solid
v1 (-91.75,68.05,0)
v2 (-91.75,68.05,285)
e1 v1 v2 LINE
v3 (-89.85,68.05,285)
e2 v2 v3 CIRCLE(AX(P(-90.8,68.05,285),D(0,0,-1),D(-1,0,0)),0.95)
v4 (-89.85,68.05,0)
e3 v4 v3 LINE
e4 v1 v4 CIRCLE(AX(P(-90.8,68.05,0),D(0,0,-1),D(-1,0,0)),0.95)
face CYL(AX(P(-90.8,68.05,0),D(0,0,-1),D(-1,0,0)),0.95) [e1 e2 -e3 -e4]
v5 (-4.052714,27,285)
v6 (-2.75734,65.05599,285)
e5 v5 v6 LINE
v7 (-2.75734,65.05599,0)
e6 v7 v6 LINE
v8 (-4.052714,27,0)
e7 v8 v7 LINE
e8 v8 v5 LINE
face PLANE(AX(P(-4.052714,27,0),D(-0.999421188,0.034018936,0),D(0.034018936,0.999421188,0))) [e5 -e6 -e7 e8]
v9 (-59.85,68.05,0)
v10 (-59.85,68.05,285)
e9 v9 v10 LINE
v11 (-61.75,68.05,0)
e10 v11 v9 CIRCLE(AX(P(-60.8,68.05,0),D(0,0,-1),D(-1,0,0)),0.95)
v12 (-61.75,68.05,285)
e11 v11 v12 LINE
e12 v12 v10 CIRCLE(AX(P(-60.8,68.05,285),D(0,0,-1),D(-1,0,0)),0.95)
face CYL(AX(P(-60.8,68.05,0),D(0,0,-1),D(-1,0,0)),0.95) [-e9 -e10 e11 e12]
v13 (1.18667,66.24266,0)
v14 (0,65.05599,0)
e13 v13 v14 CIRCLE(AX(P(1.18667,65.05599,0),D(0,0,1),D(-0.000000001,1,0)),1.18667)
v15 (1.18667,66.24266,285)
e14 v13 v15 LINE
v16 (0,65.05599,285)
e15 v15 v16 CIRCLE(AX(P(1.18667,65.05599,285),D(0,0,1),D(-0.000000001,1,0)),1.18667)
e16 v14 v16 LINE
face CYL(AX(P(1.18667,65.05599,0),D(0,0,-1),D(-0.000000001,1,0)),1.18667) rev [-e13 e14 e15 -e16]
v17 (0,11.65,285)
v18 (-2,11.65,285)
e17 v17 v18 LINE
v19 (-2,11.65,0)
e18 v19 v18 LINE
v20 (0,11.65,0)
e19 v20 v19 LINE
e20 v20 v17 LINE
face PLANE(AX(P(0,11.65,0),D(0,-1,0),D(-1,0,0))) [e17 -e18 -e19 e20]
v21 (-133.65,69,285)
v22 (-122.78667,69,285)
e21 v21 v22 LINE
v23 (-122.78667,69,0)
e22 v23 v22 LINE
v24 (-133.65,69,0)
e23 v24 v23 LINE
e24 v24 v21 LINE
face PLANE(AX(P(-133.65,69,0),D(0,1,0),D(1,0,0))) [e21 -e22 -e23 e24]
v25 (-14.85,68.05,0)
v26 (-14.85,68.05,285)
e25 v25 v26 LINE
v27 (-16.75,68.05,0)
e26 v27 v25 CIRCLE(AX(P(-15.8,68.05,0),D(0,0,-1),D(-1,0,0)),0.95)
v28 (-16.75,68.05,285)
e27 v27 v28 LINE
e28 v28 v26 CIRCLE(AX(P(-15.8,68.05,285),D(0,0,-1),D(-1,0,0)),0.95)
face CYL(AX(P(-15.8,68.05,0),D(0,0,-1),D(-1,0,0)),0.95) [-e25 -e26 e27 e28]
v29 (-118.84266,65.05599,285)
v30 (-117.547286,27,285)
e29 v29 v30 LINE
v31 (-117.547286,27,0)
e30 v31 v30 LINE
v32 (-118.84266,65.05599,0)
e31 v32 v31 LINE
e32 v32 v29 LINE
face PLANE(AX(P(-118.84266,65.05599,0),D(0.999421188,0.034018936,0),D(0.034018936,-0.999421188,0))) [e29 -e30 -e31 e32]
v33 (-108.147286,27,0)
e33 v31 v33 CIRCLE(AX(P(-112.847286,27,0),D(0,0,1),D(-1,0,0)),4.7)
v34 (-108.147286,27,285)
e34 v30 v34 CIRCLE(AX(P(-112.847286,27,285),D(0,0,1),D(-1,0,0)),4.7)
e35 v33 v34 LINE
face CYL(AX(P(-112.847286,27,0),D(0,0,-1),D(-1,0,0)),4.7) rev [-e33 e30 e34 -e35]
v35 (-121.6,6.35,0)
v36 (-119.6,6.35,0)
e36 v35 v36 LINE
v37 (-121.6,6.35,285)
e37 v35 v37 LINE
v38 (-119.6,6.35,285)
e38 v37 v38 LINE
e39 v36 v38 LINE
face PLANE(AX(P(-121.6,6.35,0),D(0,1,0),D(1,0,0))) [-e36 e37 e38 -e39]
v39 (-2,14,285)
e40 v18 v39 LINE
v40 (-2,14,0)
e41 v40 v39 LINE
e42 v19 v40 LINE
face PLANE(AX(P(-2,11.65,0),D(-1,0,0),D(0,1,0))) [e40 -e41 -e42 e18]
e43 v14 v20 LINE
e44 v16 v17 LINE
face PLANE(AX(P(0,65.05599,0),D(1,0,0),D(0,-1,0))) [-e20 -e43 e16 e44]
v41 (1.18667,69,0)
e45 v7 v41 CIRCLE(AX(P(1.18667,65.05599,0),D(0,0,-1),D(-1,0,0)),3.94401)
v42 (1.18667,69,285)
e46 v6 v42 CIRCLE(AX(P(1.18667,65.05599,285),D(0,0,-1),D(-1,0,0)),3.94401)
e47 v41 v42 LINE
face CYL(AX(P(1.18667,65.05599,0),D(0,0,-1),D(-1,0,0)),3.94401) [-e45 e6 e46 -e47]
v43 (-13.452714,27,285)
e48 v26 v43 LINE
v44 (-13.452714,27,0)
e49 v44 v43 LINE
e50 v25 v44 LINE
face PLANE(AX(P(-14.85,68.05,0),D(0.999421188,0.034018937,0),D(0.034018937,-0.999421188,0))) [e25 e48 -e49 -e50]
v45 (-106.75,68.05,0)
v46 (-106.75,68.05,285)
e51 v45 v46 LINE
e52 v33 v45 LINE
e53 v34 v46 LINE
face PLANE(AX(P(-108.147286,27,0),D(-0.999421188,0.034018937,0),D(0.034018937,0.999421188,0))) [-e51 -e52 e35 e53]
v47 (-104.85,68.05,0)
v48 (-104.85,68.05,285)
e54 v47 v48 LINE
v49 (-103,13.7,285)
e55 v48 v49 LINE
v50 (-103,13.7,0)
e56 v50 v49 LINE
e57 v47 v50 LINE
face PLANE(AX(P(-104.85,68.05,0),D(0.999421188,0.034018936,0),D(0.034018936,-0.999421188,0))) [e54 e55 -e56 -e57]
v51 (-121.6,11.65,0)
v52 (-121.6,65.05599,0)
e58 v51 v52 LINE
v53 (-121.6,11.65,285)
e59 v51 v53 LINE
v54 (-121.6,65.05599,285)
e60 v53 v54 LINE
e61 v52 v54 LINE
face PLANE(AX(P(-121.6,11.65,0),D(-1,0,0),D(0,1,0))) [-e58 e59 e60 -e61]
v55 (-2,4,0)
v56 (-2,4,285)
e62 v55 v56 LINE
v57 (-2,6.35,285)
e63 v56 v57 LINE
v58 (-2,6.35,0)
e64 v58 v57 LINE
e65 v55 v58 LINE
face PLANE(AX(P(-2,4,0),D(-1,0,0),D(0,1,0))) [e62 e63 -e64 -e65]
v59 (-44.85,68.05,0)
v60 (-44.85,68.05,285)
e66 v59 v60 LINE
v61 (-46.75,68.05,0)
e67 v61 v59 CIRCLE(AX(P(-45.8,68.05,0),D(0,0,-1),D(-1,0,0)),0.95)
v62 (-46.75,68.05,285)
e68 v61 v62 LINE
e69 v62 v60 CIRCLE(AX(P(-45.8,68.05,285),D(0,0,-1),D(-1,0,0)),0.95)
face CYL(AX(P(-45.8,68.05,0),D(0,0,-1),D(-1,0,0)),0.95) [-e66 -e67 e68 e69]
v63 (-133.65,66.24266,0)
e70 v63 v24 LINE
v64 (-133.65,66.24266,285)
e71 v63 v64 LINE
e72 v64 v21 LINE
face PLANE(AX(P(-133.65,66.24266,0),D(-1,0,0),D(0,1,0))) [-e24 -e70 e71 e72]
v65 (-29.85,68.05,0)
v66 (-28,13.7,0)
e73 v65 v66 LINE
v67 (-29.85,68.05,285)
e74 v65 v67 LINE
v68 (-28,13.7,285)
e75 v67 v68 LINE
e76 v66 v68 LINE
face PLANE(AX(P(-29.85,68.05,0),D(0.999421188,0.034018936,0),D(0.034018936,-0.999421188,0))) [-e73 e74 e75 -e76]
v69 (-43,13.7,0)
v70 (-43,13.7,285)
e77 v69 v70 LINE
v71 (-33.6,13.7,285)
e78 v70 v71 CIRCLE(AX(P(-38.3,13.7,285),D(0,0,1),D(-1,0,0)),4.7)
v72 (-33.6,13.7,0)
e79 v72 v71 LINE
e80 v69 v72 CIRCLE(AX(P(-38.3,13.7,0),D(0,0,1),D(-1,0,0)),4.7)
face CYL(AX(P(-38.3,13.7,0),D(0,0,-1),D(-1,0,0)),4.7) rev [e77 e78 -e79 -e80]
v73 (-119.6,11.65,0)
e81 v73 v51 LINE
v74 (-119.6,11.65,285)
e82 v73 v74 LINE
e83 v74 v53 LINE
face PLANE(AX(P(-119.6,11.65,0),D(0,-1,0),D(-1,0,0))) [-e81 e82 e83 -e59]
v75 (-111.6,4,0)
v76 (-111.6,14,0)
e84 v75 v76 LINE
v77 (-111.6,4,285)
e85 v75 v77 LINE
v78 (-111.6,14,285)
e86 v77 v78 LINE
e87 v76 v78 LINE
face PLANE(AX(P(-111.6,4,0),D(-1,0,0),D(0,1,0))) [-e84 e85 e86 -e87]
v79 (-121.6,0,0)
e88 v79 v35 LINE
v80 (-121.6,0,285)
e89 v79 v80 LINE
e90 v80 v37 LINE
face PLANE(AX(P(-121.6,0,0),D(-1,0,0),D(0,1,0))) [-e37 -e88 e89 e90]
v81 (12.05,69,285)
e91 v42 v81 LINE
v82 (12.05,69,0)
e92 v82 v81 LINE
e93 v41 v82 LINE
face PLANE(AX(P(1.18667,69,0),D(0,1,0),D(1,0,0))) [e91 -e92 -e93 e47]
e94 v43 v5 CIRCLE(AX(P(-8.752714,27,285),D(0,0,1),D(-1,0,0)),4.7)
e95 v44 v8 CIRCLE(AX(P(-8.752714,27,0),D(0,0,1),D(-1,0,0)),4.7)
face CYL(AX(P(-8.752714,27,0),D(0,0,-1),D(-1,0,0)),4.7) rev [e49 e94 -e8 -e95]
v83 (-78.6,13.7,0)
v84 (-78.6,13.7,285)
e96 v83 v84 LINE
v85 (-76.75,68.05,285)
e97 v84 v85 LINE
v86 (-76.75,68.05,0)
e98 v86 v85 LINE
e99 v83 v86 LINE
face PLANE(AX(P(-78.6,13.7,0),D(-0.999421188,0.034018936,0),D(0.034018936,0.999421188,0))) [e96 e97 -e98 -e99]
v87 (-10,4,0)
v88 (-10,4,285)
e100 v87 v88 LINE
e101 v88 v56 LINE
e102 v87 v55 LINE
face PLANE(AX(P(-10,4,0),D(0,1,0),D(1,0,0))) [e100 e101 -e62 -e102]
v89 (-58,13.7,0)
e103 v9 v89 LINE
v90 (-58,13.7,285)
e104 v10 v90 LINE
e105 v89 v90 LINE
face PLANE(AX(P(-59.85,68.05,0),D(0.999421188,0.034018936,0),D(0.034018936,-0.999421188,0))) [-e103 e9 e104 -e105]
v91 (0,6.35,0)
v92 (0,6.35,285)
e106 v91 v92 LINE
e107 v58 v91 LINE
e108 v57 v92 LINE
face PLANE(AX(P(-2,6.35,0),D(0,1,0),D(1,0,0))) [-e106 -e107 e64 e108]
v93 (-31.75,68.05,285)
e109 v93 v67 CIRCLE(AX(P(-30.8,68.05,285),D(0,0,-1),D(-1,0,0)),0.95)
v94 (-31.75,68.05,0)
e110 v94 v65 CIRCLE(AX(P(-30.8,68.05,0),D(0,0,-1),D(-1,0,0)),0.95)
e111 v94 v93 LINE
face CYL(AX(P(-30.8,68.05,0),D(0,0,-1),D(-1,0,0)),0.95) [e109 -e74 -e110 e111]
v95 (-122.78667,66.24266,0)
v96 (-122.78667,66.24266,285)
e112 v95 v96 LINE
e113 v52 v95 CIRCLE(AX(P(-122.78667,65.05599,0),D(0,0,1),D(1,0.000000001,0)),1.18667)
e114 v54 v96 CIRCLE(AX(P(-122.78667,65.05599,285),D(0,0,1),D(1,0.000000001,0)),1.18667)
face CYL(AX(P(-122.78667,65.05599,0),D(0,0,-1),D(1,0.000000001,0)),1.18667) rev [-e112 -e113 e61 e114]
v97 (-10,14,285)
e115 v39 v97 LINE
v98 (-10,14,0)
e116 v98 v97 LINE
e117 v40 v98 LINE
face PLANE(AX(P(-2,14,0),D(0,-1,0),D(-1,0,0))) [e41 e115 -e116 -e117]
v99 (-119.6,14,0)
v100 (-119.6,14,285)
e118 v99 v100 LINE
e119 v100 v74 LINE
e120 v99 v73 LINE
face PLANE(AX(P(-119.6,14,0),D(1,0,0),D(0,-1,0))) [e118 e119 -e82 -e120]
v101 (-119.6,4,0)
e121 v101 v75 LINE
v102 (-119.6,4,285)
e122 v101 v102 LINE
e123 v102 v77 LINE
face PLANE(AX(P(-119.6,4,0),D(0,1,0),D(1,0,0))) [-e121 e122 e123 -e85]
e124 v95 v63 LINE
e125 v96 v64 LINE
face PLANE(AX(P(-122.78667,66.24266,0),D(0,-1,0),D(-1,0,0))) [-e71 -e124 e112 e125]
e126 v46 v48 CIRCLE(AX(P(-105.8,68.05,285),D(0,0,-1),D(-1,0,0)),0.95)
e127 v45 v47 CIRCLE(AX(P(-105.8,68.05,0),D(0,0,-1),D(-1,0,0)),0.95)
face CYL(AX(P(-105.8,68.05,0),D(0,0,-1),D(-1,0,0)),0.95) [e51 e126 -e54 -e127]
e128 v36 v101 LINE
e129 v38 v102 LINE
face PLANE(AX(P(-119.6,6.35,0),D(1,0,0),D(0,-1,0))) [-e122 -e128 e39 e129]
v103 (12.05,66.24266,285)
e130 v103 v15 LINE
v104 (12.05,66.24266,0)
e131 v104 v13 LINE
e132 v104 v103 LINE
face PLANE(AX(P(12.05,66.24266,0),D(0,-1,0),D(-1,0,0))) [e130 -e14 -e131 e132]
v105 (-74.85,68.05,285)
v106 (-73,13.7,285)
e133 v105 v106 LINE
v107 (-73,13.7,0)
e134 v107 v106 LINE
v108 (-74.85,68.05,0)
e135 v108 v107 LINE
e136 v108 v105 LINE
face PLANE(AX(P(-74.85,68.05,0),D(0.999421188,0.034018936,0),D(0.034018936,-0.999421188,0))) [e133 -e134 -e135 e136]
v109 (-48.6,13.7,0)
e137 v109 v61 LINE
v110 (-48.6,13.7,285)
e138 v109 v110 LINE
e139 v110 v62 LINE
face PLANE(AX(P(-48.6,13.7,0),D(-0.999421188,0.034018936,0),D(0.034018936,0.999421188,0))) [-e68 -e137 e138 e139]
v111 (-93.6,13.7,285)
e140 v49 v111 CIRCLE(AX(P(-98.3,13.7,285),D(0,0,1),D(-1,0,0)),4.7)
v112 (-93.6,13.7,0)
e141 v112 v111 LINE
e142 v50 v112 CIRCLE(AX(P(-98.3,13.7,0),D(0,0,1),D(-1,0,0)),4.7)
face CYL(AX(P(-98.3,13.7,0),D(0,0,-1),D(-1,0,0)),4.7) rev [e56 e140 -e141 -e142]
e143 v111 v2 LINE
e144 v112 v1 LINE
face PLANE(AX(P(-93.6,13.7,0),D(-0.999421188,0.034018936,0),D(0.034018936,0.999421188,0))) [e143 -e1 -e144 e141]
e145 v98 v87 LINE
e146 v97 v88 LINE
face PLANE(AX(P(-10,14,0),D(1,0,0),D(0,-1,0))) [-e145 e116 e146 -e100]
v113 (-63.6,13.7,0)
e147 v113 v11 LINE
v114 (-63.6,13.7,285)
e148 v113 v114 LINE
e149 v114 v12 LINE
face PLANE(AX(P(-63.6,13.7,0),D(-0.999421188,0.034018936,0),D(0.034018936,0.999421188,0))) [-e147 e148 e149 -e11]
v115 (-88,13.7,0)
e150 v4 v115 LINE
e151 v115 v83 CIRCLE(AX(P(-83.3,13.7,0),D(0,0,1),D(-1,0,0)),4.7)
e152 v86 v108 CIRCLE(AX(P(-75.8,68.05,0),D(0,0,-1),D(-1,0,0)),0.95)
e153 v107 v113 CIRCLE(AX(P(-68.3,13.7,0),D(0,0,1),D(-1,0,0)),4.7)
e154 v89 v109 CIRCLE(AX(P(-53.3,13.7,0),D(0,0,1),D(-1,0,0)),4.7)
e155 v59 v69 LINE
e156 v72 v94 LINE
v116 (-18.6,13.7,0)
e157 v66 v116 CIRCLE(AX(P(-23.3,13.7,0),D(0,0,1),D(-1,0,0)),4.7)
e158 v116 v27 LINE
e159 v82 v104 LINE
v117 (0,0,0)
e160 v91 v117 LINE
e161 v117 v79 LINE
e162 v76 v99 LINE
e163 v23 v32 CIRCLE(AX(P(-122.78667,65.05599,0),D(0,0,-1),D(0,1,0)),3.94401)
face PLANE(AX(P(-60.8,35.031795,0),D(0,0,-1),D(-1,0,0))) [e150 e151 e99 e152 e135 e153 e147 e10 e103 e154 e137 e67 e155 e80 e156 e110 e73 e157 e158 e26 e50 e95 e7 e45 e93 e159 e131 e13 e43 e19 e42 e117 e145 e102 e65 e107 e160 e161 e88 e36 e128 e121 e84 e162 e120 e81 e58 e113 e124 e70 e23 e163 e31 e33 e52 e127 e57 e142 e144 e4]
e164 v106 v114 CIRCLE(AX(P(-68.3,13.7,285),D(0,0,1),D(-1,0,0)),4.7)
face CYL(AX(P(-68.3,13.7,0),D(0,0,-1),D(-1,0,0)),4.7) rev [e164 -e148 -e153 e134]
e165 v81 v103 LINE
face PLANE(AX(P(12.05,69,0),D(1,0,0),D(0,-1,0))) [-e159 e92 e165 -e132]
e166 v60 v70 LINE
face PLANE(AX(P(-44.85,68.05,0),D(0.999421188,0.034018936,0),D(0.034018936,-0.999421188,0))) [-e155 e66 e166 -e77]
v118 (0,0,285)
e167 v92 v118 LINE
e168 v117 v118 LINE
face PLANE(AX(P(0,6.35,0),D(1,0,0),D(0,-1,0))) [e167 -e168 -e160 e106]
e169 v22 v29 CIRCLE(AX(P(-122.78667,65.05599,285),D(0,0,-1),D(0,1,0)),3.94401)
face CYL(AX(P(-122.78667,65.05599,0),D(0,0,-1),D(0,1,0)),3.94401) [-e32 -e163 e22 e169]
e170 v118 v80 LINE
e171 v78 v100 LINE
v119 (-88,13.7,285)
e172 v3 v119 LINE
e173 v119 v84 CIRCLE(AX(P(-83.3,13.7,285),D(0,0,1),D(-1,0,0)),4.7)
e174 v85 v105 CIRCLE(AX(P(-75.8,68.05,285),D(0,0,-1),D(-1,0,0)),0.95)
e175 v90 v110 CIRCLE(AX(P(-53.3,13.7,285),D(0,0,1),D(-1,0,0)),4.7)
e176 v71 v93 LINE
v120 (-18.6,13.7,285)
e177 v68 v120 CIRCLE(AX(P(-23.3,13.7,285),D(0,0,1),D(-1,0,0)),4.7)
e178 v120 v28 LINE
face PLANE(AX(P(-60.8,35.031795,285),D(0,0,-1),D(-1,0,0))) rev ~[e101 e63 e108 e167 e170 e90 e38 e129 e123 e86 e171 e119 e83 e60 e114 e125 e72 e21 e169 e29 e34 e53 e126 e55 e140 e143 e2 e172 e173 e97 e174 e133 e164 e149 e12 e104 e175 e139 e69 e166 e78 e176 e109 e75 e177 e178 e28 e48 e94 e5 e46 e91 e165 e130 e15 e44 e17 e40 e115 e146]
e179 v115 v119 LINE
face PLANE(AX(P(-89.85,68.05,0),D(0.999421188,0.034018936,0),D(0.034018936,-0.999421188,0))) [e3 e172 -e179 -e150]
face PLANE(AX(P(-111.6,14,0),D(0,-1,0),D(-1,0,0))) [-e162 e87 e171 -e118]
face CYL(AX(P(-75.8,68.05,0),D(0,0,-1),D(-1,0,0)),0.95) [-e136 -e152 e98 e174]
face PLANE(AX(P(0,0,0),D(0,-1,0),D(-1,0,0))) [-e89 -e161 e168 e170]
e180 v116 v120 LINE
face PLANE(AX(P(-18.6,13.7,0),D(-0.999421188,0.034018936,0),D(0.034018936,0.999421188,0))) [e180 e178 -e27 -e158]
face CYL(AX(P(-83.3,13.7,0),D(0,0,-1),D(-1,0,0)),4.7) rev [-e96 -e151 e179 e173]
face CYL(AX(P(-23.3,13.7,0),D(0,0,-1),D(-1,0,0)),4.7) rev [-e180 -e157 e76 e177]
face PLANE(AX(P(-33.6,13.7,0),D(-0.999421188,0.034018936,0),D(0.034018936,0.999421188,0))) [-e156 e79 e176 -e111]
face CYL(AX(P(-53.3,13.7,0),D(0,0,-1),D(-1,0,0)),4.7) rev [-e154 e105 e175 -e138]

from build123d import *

# Parameters (mm, degrees)
RESSALTO_EXTRUS_O1_DEPTH = 285


with BuildPart() as part:
    # Esboço1 → Ressalto-extrusão1 (new body)
    with BuildSketch(Plane.XY):
        with BuildLine():
            Line((0, 0), (-121.6, 0))
            Line((-121.6, 0), (-121.6, 6.35))
            Line((-121.6, 6.35), (-119.6, 6.35))
            Line((-119.6, 6.35), (-119.6, 4))
            Line((-119.6, 4), (-111.6, 4))
            Line((-111.6, 4), (-111.6, 14))
            Line((-111.6, 14), (-119.6, 14))
            Line((-119.6, 14), (-119.6, 11.65))
            Line((-119.6, 11.65), (-121.6, 11.65))
            Line((-121.6, 11.65), (-121.6, 65.055990081))
            ThreePointArc((-121.6, 65.055990081), (-121.94756763, 65.895092566), (-122.786670115, 66.242660196))
            Line((-122.786670115, 66.242660196), (-133.65, 66.242660196))
            Line((-133.65, 66.242660196), (-133.65, 69))
            Line((-133.65, 69), (-122.786670115, 69))
            ThreePointArc((-122.786670115, 69), (-119.997833956, 67.84482624), (-118.842660196, 65.055990081))
            Line((-118.842660196, 65.055990081), (-117.547286109, 27))
            ThreePointArc((-117.547286109, 27), (-112.847286109, 22.3), (-108.147286109, 27))
            Line((-108.147286109, 27), (-106.75, 68.05))
            ThreePointArc((-106.75, 68.05), (-105.8, 69), (-104.85, 68.05))
            Line((-104.85, 68.05), (-103, 13.7))
            ThreePointArc((-103, 13.7), (-98.3, 9), (-93.6, 13.7))
            Line((-93.6, 13.7), (-91.75, 68.05))
            ThreePointArc((-91.75, 68.05), (-90.8, 69), (-89.85, 68.05))
            Line((-89.85, 68.05), (-88, 13.7))
            ThreePointArc((-88, 13.7), (-83.3, 9), (-78.6, 13.7))
            Line((-78.6, 13.7), (-76.75, 68.05))
            ThreePointArc((-76.75, 68.05), (-75.8, 69), (-74.85, 68.05))
            Line((-74.85, 68.05), (-73, 13.7))
            ThreePointArc((-73, 13.7), (-68.3, 9), (-63.6, 13.7))
            Line((-63.6, 13.7), (-61.75, 68.05))
            ThreePointArc((-61.75, 68.05), (-60.8, 69), (-59.85, 68.05))
            Line((-59.85, 68.05), (-58, 13.7))
            ThreePointArc((-58, 13.7), (-53.3, 9), (-48.6, 13.7))
            Line((-48.6, 13.7), (-46.75, 68.05))
            ThreePointArc((-46.75, 68.05), (-45.8, 69), (-44.85, 68.05))
            Line((-44.85, 68.05), (-43, 13.7))
            ThreePointArc((-43, 13.7), (-38.3, 9), (-33.6, 13.7))
            Line((-33.6, 13.7), (-31.75, 68.05))
            ThreePointArc((-31.75, 68.05), (-30.8, 69), (-29.85, 68.05))
            Line((-29.85, 68.05), (-28, 13.7))
            ThreePointArc((-28, 13.7), (-23.3, 9), (-18.6, 13.7))
            Line((-18.6, 13.7), (-16.75, 68.05))
            ThreePointArc((-16.75, 68.05), (-15.8, 69), (-14.85, 68.05))
            Line((-14.85, 68.05), (-13.452713891, 27))
            ThreePointArc((-13.452713891, 27), (-8.752713891, 22.3), (-4.052713891, 27))
            Line((-4.052713891, 27), (-2.757339804, 65.055990081))
            ThreePointArc((-2.757339804, 65.055990081), (-1.602166044, 67.84482624), (1.186670115, 69))
            Line((1.186670115, 69), (12.05, 69))
            Line((12.05, 69), (12.05, 66.242660196))
            Line((12.05, 66.242660196), (1.186670115, 66.242660196))
            ThreePointArc((1.186670115, 66.242660196), (0.34756763, 65.895092566), (0, 65.055990081))
            Line((0, 65.055990081), (0, 11.65))
            Line((0, 11.65), (-2, 11.65))
            Line((-2, 11.65), (-2, 14))
            Line((-2, 14), (-10, 14))
            Line((-10, 14), (-10, 4))
            Line((-10, 4), (-2, 4))
            Line((-2, 4), (-2, 6.35))
            Line((-2, 6.35), (0, 6.35))
            Line((0, 6.35), (0, 0))
        make_face()
    extrude(amount=RESSALTO_EXTRUS_O1_DEPTH)


solid = part.part
